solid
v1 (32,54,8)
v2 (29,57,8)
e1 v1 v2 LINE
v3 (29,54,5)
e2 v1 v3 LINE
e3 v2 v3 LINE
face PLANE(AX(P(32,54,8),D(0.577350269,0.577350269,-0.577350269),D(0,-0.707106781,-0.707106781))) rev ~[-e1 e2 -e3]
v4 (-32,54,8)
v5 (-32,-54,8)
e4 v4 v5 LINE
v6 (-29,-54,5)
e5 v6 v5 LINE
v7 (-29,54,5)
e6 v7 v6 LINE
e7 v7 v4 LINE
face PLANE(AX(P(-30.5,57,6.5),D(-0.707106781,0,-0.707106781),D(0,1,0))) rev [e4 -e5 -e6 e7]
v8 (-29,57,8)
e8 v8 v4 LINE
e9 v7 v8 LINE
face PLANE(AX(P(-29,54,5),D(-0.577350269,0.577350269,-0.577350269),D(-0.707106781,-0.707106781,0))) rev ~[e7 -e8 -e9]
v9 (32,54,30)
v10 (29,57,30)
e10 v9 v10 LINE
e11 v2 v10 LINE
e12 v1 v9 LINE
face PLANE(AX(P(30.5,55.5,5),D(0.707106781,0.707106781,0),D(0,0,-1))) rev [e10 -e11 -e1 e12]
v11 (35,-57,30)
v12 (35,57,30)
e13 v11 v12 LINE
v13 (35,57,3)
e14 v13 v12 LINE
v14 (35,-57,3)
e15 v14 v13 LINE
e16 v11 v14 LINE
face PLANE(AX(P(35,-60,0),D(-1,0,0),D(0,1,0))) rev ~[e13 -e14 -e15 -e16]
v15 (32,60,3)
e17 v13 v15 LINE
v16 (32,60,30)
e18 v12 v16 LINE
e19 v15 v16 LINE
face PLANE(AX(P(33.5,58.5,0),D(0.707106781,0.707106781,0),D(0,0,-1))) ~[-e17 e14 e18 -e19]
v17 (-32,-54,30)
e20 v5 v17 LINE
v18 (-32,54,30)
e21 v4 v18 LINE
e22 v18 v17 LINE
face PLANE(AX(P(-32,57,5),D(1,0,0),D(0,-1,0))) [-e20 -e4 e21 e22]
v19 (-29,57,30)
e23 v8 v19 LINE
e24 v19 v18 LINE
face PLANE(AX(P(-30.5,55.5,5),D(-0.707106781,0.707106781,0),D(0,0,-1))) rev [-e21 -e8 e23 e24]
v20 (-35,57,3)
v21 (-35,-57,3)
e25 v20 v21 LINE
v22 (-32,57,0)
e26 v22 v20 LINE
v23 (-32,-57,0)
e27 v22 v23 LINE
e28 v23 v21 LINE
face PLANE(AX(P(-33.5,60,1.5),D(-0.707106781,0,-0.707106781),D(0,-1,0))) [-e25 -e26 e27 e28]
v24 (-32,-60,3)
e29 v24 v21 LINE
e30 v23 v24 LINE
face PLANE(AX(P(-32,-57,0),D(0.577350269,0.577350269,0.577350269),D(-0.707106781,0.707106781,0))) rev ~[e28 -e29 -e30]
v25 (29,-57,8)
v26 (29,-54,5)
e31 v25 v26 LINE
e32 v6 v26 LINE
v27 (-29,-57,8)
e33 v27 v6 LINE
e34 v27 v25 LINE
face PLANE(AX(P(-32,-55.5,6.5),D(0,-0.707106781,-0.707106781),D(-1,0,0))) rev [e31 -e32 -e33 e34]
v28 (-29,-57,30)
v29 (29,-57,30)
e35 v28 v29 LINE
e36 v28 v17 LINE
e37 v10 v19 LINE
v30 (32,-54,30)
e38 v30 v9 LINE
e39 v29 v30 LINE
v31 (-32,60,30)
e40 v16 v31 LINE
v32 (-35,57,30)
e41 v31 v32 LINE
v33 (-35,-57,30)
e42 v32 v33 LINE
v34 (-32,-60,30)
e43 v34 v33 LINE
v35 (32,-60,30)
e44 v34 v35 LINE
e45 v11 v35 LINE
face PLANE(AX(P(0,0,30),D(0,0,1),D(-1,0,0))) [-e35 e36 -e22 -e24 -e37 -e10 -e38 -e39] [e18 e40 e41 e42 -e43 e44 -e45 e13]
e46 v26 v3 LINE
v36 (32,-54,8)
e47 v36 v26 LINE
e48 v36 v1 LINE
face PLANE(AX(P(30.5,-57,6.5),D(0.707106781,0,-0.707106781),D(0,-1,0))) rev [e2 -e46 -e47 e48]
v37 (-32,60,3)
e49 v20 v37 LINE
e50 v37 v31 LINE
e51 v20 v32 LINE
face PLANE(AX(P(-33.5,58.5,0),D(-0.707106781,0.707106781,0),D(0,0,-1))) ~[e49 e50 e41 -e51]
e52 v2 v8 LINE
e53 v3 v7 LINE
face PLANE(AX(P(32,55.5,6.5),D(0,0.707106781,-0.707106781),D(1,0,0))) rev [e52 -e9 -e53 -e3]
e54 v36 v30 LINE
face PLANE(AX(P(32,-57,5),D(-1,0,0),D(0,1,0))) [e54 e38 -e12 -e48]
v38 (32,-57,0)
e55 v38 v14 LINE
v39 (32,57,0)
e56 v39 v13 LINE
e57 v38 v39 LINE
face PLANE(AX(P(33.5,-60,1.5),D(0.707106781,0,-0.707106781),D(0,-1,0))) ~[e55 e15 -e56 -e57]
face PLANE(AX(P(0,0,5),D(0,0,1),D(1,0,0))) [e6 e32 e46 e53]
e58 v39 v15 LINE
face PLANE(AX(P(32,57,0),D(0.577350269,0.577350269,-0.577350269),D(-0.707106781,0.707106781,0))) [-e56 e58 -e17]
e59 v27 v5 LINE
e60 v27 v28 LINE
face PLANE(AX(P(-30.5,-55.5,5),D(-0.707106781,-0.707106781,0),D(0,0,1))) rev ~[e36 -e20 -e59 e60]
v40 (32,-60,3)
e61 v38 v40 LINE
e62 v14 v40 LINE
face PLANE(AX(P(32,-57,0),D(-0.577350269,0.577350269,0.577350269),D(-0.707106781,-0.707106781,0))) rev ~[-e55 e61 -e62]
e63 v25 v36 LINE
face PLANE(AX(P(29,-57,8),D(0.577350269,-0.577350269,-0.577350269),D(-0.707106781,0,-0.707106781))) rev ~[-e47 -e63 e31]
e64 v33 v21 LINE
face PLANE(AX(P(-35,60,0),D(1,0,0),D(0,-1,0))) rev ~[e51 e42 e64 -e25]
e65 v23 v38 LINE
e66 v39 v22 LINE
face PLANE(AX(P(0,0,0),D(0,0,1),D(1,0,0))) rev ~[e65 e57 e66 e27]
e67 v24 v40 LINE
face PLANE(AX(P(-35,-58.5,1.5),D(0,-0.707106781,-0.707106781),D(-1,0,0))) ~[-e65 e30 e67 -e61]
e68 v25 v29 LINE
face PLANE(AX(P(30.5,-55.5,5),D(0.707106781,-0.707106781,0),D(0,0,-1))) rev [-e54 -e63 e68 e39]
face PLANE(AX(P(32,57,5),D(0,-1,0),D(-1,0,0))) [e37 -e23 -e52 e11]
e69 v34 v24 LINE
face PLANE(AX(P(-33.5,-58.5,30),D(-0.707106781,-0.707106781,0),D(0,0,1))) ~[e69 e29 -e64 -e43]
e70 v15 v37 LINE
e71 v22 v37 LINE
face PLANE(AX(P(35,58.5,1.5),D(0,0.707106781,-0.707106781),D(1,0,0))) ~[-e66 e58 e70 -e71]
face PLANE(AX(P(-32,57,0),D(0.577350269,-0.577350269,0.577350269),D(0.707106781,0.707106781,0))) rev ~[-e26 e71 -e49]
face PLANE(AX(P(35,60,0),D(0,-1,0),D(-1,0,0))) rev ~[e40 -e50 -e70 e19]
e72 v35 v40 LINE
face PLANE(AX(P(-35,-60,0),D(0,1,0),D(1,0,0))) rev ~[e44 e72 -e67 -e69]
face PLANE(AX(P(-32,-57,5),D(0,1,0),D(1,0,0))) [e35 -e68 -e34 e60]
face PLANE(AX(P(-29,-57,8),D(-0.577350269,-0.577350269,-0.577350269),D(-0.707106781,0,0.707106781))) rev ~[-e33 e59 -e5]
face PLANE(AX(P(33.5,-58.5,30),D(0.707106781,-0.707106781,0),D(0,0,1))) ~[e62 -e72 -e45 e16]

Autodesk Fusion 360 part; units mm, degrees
sketch "Sketch1" plane through (0, 0, 0) normal (0, 0, 1) x (1, 0, 0)
  line L0 (35, 60) -> (-35, 60)
  line L1 (-35, 60) -> (-35, -60)
  line L2 (-35, -60) -> (35, -60)
  line L3 (35, -60) -> (35, 60)
  line L4 (35, 60) -> (-35, -60) construction
  line L5 (-35, 60) -> (35, -60) construction
  dimension "d1" = 70
  dimension "d2" = 120
extrude "Extrude1" add sketch "Sketch1" along normal blind 5
sketch "Sketch2" plane through (0, 0, 5) normal (0, 0, 1) x (-1, 0, 0)
  line L0 (-35, 60) -> (-35, -60)
  line L1 (-35, -60) -> (35, -60)
  line L2 (35, -60) -> (35, 60)
  line L3 (35, 60) -> (-35, 60)
  line L4 (32, 57) -> (-32, 57)
  line L5 (-32, 57) -> (-32, -57)
  line L6 (-32, -57) -> (32, -57)
  line L7 (32, -57) -> (32, 57)
  dimension "d5" = -3
extrude "Extrude2" add sketch "Sketch2" along normal blind 25
chamfer "Chamfer1" distance 3 angle 45 12 edges at (35, -60, 15) (-35, -60, 15) (35, 60, 15) (-35, 60, 15) (-32, 57, 17.5) (0, 57, 5) (-32, 0, 5) (32, 57, 17.5) (32, 0, 5) (32, -57, 17.5) (0, -57, 5) (-32, -57, 17.5) 1 faces at (-11.6667, -20, 0)
